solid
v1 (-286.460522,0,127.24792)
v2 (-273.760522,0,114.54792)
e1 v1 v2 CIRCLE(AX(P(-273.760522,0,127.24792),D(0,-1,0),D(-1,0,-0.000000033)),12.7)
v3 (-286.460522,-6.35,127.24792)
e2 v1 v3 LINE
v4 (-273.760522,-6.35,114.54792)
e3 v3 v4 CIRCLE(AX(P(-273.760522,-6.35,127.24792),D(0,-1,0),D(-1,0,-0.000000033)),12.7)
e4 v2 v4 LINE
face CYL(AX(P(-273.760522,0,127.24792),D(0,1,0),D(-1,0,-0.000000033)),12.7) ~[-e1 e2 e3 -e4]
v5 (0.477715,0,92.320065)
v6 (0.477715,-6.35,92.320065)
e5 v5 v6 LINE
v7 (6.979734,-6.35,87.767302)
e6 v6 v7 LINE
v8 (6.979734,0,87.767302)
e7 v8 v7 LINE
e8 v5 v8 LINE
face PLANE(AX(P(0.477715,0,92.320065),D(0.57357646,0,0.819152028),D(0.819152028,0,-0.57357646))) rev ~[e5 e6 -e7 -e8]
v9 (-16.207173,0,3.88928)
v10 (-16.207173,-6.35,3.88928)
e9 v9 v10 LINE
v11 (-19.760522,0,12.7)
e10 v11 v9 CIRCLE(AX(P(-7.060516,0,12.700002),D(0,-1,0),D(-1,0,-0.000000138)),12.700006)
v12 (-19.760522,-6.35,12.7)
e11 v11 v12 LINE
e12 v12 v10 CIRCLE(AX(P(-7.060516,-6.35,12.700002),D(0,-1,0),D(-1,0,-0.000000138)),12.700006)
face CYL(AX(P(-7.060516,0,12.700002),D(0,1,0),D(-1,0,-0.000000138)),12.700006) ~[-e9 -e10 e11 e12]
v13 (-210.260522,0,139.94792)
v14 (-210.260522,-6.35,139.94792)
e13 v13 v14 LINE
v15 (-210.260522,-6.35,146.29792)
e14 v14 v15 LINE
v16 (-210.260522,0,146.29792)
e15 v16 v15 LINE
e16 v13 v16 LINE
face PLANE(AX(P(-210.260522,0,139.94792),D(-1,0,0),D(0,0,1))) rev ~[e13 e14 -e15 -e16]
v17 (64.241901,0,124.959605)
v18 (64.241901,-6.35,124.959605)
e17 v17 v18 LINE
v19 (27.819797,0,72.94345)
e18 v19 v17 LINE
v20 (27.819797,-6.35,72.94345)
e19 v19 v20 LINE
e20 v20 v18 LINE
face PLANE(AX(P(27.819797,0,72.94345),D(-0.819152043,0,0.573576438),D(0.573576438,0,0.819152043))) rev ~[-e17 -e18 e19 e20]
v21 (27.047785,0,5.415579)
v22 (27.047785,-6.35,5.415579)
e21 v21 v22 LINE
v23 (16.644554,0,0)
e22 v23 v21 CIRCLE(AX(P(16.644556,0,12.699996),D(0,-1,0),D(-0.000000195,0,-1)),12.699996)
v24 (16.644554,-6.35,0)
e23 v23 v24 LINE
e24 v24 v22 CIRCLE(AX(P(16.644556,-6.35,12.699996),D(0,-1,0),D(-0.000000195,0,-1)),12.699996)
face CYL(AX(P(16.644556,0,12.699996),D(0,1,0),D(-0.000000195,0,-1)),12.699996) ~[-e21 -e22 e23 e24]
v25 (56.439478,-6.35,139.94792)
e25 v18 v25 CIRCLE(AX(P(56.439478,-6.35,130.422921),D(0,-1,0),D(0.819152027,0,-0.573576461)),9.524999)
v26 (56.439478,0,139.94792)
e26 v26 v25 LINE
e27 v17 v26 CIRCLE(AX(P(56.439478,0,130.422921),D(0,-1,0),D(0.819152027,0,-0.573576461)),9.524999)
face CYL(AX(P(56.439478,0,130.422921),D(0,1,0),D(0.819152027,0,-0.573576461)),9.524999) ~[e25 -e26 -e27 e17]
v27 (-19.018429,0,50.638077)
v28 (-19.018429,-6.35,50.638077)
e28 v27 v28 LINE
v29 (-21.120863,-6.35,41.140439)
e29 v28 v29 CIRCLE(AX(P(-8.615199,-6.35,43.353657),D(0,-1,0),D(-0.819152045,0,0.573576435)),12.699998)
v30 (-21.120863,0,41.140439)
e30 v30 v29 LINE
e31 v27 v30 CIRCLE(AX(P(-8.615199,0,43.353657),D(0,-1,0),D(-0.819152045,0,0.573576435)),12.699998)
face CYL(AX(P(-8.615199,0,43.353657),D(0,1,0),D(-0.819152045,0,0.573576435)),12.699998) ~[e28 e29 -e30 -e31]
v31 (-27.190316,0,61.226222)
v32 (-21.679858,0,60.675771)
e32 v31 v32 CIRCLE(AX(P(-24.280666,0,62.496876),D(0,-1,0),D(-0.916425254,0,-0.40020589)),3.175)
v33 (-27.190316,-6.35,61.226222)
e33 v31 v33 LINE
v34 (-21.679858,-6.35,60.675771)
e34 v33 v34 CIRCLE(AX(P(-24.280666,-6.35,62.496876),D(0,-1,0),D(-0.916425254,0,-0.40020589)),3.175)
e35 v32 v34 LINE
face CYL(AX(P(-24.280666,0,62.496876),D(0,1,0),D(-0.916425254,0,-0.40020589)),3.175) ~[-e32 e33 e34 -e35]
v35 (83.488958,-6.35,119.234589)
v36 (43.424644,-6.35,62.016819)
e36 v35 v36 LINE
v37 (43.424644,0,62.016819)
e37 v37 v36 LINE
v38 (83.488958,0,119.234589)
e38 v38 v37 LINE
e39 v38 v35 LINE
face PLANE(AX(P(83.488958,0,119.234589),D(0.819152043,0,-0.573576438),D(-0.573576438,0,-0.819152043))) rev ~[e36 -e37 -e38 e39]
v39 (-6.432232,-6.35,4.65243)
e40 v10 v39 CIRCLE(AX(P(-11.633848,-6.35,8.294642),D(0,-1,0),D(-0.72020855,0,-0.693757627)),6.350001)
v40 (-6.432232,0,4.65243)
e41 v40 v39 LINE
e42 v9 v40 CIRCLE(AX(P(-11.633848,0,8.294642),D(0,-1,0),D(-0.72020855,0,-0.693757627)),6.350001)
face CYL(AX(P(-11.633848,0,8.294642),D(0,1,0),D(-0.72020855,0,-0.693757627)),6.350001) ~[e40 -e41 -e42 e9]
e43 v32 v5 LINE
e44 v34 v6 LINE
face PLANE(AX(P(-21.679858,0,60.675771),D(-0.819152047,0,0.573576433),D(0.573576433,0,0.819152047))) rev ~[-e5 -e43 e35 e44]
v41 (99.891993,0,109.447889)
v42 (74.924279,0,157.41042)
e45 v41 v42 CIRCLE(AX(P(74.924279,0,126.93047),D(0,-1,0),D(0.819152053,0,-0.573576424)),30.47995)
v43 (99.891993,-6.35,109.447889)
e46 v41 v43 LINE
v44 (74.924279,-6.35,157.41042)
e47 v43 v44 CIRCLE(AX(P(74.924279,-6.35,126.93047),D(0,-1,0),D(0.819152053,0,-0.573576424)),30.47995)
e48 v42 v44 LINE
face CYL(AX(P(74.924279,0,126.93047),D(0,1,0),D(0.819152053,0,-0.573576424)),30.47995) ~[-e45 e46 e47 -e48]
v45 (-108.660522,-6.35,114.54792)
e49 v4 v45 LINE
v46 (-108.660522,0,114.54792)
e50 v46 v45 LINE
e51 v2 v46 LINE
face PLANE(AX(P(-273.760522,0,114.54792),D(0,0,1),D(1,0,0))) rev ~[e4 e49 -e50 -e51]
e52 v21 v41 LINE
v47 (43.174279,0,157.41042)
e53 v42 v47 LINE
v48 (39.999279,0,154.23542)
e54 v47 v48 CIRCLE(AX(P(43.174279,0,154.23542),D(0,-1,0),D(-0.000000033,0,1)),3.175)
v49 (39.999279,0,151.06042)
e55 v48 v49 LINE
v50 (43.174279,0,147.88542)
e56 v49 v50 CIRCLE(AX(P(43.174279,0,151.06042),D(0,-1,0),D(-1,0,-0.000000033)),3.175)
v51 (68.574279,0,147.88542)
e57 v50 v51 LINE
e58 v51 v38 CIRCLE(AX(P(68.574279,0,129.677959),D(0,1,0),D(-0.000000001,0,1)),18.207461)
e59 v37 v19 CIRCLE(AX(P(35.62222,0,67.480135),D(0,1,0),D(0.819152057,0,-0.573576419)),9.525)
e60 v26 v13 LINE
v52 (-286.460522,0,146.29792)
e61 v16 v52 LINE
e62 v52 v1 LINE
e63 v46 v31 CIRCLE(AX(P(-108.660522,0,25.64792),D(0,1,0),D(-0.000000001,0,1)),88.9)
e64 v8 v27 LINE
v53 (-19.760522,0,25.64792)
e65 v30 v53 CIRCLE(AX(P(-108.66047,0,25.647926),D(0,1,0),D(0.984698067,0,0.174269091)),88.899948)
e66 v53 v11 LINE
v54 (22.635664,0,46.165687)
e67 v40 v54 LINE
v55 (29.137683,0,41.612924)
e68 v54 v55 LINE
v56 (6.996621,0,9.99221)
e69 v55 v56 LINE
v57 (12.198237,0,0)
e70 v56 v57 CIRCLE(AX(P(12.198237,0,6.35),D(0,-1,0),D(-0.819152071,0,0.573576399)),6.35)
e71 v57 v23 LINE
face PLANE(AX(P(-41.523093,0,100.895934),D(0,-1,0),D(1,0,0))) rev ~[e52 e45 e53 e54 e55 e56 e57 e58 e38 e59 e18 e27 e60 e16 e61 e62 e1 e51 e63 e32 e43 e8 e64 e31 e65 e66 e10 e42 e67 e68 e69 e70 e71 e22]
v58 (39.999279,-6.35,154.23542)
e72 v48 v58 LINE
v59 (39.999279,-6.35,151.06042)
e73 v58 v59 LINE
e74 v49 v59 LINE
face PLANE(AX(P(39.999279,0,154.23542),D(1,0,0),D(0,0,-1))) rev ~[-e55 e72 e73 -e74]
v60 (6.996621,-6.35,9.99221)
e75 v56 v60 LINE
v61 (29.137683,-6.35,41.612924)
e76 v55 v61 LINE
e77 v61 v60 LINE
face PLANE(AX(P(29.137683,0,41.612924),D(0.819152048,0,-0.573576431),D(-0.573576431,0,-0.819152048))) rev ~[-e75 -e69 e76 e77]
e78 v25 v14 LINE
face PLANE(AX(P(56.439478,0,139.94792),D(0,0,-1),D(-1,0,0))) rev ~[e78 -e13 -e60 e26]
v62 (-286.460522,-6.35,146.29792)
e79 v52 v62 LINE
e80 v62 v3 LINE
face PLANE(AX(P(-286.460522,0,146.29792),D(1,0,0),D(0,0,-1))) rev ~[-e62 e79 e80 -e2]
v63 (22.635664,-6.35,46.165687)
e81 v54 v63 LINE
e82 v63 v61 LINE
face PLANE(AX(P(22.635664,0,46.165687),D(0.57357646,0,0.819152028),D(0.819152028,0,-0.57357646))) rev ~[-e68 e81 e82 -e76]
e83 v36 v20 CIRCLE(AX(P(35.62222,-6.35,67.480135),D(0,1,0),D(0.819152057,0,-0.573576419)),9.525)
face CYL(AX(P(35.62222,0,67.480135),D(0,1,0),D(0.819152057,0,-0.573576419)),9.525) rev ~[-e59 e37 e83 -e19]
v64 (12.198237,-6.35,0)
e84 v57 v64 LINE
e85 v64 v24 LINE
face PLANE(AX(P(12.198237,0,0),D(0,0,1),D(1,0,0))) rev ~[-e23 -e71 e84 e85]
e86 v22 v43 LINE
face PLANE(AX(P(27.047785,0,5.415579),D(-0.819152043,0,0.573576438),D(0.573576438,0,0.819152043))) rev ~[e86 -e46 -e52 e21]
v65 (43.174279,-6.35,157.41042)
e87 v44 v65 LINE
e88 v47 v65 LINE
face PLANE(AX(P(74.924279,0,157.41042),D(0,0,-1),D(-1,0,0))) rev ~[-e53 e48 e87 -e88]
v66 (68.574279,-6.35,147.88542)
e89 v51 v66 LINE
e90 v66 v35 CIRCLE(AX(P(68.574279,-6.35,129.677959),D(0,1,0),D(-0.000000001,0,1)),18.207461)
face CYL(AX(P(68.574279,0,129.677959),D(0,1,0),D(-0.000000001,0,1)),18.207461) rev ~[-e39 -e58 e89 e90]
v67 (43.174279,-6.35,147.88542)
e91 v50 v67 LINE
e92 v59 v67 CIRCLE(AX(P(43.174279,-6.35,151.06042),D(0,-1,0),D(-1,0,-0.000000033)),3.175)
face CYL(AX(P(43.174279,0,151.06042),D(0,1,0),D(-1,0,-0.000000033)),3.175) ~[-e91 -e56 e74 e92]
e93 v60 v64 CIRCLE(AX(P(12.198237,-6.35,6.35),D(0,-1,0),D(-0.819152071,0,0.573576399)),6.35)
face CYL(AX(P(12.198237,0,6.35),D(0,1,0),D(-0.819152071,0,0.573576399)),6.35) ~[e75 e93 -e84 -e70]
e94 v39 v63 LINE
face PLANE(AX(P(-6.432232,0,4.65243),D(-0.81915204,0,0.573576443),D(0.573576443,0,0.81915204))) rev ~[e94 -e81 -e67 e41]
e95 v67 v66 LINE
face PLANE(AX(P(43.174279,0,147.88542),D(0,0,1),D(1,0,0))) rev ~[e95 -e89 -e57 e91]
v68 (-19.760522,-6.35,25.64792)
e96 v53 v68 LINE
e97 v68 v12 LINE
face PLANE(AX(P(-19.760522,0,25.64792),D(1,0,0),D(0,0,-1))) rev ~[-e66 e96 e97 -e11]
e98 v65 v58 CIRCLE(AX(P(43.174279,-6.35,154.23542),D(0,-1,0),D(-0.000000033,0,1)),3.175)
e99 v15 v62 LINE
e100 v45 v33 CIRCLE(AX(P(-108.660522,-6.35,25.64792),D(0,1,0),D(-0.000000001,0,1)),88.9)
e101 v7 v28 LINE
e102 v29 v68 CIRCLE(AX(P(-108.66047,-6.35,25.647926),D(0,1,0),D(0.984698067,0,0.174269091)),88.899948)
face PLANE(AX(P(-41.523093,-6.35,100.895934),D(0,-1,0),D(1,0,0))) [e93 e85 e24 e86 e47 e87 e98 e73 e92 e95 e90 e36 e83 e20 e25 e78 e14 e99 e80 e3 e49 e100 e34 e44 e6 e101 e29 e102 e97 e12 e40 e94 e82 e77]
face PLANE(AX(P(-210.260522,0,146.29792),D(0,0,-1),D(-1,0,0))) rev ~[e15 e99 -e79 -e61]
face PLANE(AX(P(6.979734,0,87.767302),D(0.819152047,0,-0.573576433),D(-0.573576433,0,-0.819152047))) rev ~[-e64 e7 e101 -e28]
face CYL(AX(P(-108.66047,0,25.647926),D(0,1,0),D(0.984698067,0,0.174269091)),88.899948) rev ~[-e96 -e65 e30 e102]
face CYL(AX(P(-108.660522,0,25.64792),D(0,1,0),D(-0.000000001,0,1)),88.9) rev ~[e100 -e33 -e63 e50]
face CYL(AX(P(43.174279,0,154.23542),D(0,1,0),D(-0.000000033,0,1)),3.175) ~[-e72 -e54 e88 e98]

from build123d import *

# Parameters (mm, degrees)
F1_DEPTH = 6.35


with BuildPart() as f1:
    # F0 (on Front) → F1 (new body)
    with BuildSketch(Plane.XZ):
        with BuildLine():
            ThreePointArc((-16.207173, 3.88928), (-11.139594, 1.963905), (-6.432232, 4.65243))
            Line((-6.432232, 4.65243), (22.635664, 46.165687))
            Line((22.635664, 46.165687), (29.137683, 41.612924))
            Line((29.137683, 41.612924), (6.996621, 9.99221))
            ThreePointArc((6.996621, 9.99221), (6.565718, 3.417896), (12.198237, 0))
            Line((12.198237, 0), (16.644554, 0))
            ThreePointArc((16.644554, 0), (22.508762, 1.434962), (27.047785, 5.415579))
            Line((27.047785, 5.415579), (99.891993, 109.447889))
            ThreePointArc((99.891993, 109.447889), (101.960325, 141.004545), (74.924279, 157.41042))
            Line((74.924279, 157.41042), (43.174279, 157.41042))
            ThreePointArc((43.174279, 157.41042), (40.929215, 156.480484), (39.999279, 154.23542))
            Line((39.999279, 154.23542), (39.999279, 151.06042))
            ThreePointArc((39.999279, 151.06042), (40.929215, 148.815356), (43.174279, 147.88542))
            Line((43.174279, 147.88542), (68.574279, 147.88542))
            ThreePointArc((68.574279, 147.88542), (84.724494, 138.085229), (83.488958, 119.234589))
            Line((83.488958, 119.234589), (43.424644, 62.016819))
            ThreePointArc((43.424644, 62.016819), (30.158905, 59.677711), (27.819797, 72.94345))
            Line((27.819797, 72.94345), (64.241901, 124.959605))
            ThreePointArc((64.241901, 124.959605), (64.888256, 134.821076), (56.439478, 139.94792))
            Line((56.439478, 139.94792), (-210.260522, 139.94792))
            Line((-210.260522, 139.94792), (-210.260522, 146.29792))
            Line((-210.260522, 146.29792), (-286.460522, 146.29792))
            Line((-286.460522, 146.29792), (-286.460522, 139.94792))
            Line((-286.460522, 139.94792), (-286.460522, 127.24792))
            ThreePointArc((-286.460522, 127.24792), (-282.740778, 118.267664), (-273.760522, 114.54792))
            Line((-273.760522, 114.54792), (-108.660522, 114.54792))
            ThreePointArc((-108.660522, 114.54792), (-59.976341, 100.032465), (-27.190316, 61.226222))
            ThreePointArc((-27.190316, 61.226222), (-24.596253, 59.337599), (-21.679858, 60.675771))
            Line((-21.679858, 60.675771), (0.477715, 92.320065))
            Line((0.477715, 92.320065), (6.979734, 87.767302))
            Line((6.979734, 87.767302), (-19.018429, 50.638077))
            ThreePointArc((-19.018429, 50.638077), (-21.015023, 46.098531), (-21.120863, 41.140439))
            ThreePointArc((-21.120863, 41.140439), (-20.10126, 33.423984), (-19.760522, 25.64792))
            Line((-19.760522, 25.64792), (-19.760522, 12.7))
            ThreePointArc((-19.760522, 12.7), (-18.838732, 7.949867), (-16.207173, 3.88928))
        make_face()
    extrude(amount=F1_DEPTH)


solid = f1.part
